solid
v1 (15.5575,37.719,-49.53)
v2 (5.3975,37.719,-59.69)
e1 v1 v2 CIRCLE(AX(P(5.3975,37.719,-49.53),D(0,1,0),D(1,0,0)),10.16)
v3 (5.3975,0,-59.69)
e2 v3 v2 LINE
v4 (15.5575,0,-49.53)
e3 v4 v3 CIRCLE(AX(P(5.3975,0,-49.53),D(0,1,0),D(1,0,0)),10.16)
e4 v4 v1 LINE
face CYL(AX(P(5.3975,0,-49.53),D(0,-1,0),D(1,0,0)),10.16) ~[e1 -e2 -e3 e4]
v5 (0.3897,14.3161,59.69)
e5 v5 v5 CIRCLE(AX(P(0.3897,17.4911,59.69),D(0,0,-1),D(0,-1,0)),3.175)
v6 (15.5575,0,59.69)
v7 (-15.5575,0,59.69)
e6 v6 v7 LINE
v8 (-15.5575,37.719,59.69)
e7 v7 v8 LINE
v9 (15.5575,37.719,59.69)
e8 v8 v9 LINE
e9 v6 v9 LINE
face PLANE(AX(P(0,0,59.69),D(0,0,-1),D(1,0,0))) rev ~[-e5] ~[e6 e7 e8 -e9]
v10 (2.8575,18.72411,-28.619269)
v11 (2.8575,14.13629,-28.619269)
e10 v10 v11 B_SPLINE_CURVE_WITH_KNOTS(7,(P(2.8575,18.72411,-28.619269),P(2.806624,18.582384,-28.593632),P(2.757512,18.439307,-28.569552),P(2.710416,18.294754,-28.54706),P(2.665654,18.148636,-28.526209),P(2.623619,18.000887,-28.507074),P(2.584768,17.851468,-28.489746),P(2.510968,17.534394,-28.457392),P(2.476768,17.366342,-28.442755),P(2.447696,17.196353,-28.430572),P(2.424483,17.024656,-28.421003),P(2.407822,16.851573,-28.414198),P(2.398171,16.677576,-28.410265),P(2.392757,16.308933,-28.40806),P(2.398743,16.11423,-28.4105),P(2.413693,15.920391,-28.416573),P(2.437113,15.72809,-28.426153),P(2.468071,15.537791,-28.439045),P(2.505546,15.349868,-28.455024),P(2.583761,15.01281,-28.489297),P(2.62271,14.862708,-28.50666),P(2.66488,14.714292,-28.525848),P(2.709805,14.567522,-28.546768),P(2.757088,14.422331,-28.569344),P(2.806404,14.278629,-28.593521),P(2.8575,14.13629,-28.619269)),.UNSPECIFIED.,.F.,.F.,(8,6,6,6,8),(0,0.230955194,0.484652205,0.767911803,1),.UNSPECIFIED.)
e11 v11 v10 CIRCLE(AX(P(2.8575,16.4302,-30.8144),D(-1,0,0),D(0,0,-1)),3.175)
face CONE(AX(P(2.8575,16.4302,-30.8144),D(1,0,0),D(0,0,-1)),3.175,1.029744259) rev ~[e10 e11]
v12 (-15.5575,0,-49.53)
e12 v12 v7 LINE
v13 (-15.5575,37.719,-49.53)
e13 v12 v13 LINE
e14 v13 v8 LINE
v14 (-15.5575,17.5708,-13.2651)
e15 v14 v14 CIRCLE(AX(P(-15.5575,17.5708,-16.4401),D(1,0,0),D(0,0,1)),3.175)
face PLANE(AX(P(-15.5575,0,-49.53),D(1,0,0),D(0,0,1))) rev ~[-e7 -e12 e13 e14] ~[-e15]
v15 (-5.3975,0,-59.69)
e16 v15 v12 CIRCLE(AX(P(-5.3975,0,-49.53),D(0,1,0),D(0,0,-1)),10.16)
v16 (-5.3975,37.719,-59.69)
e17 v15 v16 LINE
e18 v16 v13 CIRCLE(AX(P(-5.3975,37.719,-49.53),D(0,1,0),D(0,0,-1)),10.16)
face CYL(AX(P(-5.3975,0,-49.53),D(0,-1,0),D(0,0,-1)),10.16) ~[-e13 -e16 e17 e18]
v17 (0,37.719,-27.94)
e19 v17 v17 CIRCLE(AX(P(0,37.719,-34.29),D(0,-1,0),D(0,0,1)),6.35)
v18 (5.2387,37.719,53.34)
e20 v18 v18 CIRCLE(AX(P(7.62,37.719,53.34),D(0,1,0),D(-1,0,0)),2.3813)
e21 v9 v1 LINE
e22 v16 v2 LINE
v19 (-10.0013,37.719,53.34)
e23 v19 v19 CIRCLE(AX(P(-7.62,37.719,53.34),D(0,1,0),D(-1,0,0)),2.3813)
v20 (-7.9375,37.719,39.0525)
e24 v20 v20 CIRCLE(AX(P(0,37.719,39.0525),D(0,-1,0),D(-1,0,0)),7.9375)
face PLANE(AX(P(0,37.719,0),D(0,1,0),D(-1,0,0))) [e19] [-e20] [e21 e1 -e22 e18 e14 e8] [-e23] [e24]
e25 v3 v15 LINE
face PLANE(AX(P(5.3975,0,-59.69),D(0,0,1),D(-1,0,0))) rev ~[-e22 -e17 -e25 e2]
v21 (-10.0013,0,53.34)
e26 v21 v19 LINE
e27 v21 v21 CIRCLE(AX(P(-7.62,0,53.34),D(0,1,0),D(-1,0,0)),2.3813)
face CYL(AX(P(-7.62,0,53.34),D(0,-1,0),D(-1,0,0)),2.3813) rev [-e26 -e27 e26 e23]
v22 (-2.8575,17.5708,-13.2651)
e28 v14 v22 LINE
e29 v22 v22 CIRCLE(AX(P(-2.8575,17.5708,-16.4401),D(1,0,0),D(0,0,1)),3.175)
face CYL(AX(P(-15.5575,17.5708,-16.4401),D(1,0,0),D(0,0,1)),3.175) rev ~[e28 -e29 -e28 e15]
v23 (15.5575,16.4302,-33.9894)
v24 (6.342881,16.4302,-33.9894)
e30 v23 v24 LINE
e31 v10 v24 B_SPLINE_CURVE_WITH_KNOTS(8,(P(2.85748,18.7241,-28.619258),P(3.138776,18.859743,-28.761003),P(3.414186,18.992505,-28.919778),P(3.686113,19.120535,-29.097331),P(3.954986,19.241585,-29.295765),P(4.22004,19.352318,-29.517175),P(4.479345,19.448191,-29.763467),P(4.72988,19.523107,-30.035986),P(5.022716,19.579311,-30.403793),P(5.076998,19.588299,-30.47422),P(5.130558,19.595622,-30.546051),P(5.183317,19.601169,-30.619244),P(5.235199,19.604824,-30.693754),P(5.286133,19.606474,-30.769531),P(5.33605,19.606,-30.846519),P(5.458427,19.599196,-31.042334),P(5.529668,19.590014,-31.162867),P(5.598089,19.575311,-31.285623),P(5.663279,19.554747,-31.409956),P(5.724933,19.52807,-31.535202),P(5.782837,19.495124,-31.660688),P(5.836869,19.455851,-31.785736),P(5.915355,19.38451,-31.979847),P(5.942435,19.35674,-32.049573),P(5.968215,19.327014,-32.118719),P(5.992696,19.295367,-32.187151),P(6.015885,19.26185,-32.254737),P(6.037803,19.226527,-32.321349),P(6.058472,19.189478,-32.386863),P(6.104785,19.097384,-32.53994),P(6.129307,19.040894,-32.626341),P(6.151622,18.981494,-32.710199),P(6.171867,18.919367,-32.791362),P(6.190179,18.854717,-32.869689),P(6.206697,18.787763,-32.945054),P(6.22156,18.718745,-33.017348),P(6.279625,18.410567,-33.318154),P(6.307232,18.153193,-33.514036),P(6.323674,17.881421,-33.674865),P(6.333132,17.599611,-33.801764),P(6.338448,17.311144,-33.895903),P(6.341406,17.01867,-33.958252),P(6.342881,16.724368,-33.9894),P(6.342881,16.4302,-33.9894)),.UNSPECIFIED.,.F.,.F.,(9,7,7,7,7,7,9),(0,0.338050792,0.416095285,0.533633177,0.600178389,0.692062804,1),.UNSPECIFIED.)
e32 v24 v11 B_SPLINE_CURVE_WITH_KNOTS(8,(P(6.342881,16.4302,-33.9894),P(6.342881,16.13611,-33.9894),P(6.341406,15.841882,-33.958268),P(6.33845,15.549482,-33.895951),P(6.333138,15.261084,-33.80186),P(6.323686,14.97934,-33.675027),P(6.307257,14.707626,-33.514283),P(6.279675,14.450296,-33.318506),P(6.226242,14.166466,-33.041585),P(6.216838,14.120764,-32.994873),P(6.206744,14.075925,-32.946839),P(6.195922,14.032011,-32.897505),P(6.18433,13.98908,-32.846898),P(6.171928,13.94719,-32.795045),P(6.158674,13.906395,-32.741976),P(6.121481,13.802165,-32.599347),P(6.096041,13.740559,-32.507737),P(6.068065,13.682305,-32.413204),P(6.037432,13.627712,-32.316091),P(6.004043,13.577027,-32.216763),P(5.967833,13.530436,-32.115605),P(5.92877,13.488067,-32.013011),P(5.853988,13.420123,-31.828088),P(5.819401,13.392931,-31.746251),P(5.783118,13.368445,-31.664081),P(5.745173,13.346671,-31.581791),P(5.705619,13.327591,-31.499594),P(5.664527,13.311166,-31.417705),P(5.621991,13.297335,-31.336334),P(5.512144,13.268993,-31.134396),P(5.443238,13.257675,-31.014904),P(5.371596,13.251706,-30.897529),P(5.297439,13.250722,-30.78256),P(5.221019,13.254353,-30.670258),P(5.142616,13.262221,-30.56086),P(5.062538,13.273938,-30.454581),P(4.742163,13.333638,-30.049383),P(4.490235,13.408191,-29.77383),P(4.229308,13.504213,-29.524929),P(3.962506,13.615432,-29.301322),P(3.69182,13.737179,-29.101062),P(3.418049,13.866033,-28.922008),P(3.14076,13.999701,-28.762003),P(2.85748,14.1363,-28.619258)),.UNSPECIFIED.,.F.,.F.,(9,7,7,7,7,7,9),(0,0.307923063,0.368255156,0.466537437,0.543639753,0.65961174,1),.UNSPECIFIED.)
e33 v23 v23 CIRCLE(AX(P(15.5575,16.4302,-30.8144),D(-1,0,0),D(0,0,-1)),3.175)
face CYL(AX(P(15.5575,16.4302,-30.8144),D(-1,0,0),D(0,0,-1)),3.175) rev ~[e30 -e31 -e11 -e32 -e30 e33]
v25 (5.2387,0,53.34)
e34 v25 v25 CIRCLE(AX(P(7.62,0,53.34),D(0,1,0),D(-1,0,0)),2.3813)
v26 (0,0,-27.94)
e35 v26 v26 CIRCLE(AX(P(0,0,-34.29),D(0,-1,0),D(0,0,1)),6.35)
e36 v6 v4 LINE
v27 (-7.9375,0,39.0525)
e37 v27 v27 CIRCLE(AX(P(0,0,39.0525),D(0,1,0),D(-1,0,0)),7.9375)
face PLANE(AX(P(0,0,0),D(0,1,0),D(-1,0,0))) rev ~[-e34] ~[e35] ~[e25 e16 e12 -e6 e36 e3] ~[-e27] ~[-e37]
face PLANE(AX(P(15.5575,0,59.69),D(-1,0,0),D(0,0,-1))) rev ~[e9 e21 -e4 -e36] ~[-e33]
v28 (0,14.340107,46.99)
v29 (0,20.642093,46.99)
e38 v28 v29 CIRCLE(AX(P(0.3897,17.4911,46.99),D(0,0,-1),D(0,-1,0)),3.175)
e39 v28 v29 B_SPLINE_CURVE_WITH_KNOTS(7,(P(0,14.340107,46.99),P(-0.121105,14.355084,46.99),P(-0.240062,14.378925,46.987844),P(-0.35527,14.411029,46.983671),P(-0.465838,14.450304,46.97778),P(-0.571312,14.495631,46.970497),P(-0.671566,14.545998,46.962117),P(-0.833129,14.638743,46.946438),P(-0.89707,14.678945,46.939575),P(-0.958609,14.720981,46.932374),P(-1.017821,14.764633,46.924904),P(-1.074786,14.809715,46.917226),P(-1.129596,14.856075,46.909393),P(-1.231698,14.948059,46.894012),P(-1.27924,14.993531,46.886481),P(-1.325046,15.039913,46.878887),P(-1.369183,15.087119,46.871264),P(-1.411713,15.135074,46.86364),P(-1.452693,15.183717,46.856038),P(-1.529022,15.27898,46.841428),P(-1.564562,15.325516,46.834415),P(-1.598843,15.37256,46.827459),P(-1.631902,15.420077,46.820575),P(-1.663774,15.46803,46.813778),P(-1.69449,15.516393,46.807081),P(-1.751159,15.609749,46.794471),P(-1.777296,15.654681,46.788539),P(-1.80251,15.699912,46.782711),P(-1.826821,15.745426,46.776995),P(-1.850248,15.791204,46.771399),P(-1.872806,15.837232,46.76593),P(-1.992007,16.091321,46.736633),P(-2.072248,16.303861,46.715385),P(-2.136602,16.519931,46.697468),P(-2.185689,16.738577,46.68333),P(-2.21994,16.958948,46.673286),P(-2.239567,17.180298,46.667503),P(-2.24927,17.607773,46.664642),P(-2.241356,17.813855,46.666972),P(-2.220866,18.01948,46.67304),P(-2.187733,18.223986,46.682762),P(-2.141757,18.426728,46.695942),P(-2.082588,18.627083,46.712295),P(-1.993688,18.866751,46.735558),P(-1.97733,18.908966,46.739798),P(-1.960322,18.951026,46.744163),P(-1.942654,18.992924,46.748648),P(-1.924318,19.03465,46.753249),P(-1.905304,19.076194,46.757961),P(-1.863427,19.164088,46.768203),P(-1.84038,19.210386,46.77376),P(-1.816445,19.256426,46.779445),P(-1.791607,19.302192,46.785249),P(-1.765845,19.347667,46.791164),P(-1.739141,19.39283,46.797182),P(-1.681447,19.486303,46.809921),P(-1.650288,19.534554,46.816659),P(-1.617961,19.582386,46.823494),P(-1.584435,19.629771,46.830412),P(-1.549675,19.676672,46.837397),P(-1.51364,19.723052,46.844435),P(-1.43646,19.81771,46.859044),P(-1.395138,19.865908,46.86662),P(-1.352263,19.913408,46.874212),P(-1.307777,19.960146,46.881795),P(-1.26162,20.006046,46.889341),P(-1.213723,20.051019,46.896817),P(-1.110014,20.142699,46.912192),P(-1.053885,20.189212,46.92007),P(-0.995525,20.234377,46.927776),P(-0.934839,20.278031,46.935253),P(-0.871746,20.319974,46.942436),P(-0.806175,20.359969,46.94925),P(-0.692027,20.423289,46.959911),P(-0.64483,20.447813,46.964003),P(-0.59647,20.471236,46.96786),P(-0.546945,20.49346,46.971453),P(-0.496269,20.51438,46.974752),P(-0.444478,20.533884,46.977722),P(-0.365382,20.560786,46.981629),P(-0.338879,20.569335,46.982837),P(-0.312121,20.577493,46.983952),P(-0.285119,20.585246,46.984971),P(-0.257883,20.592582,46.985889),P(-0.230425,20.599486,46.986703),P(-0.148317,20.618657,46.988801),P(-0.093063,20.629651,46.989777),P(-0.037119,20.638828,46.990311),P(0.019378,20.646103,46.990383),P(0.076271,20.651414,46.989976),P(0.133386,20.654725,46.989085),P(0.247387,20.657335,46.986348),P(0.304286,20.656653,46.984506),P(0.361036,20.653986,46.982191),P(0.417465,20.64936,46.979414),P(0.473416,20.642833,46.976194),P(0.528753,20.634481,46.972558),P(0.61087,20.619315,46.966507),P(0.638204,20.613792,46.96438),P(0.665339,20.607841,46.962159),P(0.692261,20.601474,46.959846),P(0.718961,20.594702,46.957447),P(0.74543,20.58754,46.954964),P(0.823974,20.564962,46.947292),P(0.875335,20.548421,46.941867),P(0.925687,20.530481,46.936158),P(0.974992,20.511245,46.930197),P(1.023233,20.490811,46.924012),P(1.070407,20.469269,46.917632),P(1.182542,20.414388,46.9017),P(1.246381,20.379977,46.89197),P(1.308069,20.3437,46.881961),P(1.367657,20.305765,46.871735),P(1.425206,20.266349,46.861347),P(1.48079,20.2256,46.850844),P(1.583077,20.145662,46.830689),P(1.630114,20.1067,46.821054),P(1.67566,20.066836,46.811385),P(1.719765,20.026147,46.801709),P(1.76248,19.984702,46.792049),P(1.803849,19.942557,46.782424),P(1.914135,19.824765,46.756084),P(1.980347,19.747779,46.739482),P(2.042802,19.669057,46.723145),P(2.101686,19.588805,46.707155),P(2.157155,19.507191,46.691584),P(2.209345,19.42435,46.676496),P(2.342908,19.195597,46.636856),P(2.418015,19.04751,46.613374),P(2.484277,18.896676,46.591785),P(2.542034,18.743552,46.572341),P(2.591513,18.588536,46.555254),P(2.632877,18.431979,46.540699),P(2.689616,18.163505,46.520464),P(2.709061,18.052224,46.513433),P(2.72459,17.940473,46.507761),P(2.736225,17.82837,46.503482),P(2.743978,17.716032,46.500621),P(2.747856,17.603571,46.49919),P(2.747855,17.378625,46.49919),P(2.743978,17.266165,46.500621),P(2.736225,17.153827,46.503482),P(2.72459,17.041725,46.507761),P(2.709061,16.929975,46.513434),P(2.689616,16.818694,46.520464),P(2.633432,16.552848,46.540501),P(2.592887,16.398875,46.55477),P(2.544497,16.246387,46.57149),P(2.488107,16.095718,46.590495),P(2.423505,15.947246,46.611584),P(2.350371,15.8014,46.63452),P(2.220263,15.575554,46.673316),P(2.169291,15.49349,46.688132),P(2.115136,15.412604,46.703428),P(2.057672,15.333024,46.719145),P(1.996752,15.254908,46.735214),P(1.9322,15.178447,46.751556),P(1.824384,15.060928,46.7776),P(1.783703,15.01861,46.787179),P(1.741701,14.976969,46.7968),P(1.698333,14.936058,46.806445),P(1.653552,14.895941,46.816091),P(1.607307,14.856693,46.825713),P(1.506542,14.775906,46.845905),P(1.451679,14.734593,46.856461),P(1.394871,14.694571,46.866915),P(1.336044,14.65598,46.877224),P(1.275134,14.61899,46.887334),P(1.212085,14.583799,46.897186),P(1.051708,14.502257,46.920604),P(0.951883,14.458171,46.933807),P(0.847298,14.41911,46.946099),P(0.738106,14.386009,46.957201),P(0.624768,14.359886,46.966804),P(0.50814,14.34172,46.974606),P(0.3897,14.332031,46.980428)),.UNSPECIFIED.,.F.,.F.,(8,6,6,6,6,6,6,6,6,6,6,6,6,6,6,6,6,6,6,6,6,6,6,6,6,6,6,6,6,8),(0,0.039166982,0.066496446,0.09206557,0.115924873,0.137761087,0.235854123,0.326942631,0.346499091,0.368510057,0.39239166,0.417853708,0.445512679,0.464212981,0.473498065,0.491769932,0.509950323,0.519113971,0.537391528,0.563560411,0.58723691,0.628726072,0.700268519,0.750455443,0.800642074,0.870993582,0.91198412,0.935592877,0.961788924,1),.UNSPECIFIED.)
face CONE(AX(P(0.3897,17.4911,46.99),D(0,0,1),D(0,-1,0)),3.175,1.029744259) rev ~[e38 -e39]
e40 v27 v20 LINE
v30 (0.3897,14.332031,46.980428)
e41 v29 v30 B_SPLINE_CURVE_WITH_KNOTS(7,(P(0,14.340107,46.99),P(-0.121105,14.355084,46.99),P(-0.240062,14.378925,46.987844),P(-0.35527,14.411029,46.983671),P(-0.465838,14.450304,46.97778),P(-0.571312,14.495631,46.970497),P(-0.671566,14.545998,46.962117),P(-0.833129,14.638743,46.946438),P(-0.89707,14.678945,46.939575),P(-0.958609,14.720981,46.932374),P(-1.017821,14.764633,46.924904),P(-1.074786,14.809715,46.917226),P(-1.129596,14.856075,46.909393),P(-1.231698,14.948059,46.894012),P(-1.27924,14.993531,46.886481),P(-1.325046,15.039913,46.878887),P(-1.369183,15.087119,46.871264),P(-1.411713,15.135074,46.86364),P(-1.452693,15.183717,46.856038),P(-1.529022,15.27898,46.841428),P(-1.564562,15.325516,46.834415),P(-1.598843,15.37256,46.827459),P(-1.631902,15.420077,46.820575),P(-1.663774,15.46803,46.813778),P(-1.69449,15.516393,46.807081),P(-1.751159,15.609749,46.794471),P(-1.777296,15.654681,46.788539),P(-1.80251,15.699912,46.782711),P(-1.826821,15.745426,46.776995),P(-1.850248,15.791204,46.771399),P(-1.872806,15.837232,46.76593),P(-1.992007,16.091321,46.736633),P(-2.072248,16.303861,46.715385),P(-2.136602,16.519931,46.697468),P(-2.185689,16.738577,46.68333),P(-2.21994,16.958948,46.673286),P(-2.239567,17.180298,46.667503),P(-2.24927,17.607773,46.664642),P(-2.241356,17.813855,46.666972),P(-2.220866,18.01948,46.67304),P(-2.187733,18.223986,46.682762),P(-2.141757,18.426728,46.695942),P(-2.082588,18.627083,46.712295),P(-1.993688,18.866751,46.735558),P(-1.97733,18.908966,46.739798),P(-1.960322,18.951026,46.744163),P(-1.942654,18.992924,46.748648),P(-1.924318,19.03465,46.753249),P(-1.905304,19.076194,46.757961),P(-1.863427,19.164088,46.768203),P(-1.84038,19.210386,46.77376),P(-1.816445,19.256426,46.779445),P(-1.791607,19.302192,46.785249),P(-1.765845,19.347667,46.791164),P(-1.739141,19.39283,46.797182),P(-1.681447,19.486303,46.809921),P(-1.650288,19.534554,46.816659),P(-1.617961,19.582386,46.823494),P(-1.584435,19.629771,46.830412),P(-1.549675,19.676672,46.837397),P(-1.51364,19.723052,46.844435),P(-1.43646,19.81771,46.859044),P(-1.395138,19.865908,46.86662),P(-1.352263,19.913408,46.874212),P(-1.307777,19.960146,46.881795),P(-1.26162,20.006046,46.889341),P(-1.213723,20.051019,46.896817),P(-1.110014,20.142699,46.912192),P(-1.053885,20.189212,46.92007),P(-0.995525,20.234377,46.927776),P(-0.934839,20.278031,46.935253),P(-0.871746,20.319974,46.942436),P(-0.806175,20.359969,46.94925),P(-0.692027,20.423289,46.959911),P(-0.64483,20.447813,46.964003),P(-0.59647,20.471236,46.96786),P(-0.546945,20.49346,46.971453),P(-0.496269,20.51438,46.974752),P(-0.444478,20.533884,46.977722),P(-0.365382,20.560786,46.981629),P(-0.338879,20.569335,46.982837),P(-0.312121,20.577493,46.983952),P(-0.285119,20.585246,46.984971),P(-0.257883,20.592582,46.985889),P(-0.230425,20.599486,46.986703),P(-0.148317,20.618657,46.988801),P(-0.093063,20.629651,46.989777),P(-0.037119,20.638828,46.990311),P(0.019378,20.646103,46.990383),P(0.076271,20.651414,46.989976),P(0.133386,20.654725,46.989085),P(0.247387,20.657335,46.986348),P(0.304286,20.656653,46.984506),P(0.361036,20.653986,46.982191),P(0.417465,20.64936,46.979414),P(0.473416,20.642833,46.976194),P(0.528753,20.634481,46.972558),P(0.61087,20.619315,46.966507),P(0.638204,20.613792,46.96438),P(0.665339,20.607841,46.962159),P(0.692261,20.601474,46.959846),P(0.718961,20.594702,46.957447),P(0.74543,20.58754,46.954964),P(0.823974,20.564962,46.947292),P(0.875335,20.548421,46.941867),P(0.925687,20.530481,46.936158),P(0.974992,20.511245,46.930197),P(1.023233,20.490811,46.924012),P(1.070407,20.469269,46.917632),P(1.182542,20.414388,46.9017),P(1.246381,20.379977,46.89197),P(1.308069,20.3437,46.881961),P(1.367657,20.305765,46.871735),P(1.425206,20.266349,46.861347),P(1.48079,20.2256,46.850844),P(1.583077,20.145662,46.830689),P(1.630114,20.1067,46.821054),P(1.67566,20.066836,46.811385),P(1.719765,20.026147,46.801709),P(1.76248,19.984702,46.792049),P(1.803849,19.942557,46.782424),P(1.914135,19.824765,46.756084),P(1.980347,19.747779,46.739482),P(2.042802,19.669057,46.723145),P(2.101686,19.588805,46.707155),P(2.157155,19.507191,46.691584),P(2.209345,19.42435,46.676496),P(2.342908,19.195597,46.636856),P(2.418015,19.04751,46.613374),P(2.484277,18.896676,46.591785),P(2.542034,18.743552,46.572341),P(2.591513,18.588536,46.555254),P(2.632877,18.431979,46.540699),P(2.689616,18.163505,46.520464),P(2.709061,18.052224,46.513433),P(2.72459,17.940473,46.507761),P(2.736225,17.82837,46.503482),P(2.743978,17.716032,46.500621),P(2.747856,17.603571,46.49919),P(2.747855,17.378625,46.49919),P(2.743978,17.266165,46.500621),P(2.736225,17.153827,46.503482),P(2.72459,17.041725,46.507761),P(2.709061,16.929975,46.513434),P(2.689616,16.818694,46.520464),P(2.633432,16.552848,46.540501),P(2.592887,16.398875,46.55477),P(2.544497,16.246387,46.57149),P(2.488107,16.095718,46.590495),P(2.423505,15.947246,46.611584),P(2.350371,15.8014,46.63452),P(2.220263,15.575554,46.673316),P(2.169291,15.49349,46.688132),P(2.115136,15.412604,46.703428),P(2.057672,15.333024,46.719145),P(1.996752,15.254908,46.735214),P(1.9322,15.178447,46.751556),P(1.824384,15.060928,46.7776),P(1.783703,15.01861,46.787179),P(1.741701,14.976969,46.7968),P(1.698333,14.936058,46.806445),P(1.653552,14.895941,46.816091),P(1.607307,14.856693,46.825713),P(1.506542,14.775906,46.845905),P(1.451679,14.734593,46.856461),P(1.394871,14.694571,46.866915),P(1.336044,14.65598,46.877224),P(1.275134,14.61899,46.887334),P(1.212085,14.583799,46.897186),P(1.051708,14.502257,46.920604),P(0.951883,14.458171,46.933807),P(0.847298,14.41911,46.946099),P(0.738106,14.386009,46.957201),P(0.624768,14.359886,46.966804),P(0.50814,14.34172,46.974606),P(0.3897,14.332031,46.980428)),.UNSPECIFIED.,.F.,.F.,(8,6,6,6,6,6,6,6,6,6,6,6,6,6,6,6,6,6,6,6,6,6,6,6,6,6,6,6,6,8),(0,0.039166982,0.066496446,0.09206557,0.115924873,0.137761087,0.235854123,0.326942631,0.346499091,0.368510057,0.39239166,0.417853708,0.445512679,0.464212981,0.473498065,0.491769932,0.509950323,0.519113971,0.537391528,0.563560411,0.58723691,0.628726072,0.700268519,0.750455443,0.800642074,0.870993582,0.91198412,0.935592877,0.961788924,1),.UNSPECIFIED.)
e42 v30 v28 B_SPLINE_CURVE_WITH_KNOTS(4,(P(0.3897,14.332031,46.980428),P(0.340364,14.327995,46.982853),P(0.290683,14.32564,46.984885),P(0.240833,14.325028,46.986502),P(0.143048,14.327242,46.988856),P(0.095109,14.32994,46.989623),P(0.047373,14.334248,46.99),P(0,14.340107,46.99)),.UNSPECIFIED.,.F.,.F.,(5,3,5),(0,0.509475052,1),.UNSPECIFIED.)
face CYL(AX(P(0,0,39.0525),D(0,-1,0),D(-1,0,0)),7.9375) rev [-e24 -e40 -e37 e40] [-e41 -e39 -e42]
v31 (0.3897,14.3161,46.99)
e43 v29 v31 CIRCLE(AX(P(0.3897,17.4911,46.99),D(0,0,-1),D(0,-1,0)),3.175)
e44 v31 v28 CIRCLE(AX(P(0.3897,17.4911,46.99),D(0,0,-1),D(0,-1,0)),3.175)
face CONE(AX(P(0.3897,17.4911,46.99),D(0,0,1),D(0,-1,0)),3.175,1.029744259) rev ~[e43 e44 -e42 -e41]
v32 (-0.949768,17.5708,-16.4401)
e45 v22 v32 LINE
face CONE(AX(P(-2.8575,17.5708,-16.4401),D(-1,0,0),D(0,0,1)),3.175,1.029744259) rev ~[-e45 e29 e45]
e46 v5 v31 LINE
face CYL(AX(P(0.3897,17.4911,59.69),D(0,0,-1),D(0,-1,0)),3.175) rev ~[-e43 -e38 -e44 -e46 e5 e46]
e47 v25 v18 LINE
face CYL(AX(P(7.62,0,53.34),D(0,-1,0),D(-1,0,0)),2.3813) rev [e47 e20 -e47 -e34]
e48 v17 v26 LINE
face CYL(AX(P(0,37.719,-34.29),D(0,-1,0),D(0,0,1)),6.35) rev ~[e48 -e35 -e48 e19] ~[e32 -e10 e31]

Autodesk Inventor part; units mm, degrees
ref_plane "YZ Plane" through (0, 0, 0) normal (1, 0, 0) x (0, 1, 0)
ref_plane "XZ Plane" through (0, 0, 0) normal (0, 1, 0) x (-1, 0, 0)
ref_plane "XY Plane" through (0, 0, 0) normal (0, 0, 1) x (1, 0, 0)
sketch "Sketch1" plane through (0, 0, 0) normal (0, 1, 0) x (-1, 0, 0)
  line L0 (-5.3975, -59.69) -> (5.3975, -59.69)
  line L1 (15.5575, -49.53) -> (15.5575, 59.69)
  line L2 (15.5575, 59.69) -> (-15.5575, 59.69)
  line L3 (-15.5575, 59.69) -> (-15.5575, -49.53)
  line L4 (-15.5575, -59.69) -> (15.5575, 59.69) construction
  line L5 (15.5575, -59.69) -> (-15.5575, 59.69) construction
  arc A0 (5.3975, -59.69) -> (15.5575, -49.53) centre (5.3975, -49.53) ccw
  arc A1 (-15.5575, -49.53) -> (-5.3975, -59.69) centre (-5.3975, -49.53) ccw
  circle A2 centre (0, 39.0525) radius 7.9375
  line L6 (0, -93.6381) -> (0, 115.0739)
  circle A3 centre (7.62, 53.34) radius 2.3813
  circle A4 centre (-7.62, 53.34) radius 2.3813
  point P0 (0, 0)
  point P1 (0, 0)
  dimension "d0" = 119.38
  dimension "d1" = 31.115
  dimension "d2" = 10.16
  dimension "d3" = 15.875
  dimension "d4" = 20.6375
  dimension "d51" = 4.7625
  dimension "d52" = 15.24
  dimension "d53" = 6.35
extrude "Extrusion1" add sketch "Sketch1" along normal blind 37.719 contours A1 L3 L2 L6 A2 L0 | L6 A2 L2 L1 A0 L0
sketch "Sketch2" plane through (0, 37.719, 0) normal (0, 1, 0) x (1, 0, 0)
  line L0 (5.3975, 59.69) -> (-5.3975, 59.69) projected
  point P0 (0, 0)
  point P1 (0, 34.29)
  dimension "d7" = 25.4
hole "Hole1" at (0, 37.719, -34.29) direction (0, -1, 0) diameter 12.7 end through all
hole "Hole3" at (0.3897, 17.4911, 59.69) direction (0, 0, -1) diameter 6.35 depth 12.7 tip angle 118
hole "Hole4" at (-15.5575, 17.5708, -16.4401) direction (1, 0, 0) diameter 6.35 depth 12.7 tip angle 118
hole "Hole5" at (15.5575, 16.4302, -30.8144) direction (-1, 0, 0) diameter 6.35 depth 12.7 tip angle 118
properties part number "Fixture_Base"
